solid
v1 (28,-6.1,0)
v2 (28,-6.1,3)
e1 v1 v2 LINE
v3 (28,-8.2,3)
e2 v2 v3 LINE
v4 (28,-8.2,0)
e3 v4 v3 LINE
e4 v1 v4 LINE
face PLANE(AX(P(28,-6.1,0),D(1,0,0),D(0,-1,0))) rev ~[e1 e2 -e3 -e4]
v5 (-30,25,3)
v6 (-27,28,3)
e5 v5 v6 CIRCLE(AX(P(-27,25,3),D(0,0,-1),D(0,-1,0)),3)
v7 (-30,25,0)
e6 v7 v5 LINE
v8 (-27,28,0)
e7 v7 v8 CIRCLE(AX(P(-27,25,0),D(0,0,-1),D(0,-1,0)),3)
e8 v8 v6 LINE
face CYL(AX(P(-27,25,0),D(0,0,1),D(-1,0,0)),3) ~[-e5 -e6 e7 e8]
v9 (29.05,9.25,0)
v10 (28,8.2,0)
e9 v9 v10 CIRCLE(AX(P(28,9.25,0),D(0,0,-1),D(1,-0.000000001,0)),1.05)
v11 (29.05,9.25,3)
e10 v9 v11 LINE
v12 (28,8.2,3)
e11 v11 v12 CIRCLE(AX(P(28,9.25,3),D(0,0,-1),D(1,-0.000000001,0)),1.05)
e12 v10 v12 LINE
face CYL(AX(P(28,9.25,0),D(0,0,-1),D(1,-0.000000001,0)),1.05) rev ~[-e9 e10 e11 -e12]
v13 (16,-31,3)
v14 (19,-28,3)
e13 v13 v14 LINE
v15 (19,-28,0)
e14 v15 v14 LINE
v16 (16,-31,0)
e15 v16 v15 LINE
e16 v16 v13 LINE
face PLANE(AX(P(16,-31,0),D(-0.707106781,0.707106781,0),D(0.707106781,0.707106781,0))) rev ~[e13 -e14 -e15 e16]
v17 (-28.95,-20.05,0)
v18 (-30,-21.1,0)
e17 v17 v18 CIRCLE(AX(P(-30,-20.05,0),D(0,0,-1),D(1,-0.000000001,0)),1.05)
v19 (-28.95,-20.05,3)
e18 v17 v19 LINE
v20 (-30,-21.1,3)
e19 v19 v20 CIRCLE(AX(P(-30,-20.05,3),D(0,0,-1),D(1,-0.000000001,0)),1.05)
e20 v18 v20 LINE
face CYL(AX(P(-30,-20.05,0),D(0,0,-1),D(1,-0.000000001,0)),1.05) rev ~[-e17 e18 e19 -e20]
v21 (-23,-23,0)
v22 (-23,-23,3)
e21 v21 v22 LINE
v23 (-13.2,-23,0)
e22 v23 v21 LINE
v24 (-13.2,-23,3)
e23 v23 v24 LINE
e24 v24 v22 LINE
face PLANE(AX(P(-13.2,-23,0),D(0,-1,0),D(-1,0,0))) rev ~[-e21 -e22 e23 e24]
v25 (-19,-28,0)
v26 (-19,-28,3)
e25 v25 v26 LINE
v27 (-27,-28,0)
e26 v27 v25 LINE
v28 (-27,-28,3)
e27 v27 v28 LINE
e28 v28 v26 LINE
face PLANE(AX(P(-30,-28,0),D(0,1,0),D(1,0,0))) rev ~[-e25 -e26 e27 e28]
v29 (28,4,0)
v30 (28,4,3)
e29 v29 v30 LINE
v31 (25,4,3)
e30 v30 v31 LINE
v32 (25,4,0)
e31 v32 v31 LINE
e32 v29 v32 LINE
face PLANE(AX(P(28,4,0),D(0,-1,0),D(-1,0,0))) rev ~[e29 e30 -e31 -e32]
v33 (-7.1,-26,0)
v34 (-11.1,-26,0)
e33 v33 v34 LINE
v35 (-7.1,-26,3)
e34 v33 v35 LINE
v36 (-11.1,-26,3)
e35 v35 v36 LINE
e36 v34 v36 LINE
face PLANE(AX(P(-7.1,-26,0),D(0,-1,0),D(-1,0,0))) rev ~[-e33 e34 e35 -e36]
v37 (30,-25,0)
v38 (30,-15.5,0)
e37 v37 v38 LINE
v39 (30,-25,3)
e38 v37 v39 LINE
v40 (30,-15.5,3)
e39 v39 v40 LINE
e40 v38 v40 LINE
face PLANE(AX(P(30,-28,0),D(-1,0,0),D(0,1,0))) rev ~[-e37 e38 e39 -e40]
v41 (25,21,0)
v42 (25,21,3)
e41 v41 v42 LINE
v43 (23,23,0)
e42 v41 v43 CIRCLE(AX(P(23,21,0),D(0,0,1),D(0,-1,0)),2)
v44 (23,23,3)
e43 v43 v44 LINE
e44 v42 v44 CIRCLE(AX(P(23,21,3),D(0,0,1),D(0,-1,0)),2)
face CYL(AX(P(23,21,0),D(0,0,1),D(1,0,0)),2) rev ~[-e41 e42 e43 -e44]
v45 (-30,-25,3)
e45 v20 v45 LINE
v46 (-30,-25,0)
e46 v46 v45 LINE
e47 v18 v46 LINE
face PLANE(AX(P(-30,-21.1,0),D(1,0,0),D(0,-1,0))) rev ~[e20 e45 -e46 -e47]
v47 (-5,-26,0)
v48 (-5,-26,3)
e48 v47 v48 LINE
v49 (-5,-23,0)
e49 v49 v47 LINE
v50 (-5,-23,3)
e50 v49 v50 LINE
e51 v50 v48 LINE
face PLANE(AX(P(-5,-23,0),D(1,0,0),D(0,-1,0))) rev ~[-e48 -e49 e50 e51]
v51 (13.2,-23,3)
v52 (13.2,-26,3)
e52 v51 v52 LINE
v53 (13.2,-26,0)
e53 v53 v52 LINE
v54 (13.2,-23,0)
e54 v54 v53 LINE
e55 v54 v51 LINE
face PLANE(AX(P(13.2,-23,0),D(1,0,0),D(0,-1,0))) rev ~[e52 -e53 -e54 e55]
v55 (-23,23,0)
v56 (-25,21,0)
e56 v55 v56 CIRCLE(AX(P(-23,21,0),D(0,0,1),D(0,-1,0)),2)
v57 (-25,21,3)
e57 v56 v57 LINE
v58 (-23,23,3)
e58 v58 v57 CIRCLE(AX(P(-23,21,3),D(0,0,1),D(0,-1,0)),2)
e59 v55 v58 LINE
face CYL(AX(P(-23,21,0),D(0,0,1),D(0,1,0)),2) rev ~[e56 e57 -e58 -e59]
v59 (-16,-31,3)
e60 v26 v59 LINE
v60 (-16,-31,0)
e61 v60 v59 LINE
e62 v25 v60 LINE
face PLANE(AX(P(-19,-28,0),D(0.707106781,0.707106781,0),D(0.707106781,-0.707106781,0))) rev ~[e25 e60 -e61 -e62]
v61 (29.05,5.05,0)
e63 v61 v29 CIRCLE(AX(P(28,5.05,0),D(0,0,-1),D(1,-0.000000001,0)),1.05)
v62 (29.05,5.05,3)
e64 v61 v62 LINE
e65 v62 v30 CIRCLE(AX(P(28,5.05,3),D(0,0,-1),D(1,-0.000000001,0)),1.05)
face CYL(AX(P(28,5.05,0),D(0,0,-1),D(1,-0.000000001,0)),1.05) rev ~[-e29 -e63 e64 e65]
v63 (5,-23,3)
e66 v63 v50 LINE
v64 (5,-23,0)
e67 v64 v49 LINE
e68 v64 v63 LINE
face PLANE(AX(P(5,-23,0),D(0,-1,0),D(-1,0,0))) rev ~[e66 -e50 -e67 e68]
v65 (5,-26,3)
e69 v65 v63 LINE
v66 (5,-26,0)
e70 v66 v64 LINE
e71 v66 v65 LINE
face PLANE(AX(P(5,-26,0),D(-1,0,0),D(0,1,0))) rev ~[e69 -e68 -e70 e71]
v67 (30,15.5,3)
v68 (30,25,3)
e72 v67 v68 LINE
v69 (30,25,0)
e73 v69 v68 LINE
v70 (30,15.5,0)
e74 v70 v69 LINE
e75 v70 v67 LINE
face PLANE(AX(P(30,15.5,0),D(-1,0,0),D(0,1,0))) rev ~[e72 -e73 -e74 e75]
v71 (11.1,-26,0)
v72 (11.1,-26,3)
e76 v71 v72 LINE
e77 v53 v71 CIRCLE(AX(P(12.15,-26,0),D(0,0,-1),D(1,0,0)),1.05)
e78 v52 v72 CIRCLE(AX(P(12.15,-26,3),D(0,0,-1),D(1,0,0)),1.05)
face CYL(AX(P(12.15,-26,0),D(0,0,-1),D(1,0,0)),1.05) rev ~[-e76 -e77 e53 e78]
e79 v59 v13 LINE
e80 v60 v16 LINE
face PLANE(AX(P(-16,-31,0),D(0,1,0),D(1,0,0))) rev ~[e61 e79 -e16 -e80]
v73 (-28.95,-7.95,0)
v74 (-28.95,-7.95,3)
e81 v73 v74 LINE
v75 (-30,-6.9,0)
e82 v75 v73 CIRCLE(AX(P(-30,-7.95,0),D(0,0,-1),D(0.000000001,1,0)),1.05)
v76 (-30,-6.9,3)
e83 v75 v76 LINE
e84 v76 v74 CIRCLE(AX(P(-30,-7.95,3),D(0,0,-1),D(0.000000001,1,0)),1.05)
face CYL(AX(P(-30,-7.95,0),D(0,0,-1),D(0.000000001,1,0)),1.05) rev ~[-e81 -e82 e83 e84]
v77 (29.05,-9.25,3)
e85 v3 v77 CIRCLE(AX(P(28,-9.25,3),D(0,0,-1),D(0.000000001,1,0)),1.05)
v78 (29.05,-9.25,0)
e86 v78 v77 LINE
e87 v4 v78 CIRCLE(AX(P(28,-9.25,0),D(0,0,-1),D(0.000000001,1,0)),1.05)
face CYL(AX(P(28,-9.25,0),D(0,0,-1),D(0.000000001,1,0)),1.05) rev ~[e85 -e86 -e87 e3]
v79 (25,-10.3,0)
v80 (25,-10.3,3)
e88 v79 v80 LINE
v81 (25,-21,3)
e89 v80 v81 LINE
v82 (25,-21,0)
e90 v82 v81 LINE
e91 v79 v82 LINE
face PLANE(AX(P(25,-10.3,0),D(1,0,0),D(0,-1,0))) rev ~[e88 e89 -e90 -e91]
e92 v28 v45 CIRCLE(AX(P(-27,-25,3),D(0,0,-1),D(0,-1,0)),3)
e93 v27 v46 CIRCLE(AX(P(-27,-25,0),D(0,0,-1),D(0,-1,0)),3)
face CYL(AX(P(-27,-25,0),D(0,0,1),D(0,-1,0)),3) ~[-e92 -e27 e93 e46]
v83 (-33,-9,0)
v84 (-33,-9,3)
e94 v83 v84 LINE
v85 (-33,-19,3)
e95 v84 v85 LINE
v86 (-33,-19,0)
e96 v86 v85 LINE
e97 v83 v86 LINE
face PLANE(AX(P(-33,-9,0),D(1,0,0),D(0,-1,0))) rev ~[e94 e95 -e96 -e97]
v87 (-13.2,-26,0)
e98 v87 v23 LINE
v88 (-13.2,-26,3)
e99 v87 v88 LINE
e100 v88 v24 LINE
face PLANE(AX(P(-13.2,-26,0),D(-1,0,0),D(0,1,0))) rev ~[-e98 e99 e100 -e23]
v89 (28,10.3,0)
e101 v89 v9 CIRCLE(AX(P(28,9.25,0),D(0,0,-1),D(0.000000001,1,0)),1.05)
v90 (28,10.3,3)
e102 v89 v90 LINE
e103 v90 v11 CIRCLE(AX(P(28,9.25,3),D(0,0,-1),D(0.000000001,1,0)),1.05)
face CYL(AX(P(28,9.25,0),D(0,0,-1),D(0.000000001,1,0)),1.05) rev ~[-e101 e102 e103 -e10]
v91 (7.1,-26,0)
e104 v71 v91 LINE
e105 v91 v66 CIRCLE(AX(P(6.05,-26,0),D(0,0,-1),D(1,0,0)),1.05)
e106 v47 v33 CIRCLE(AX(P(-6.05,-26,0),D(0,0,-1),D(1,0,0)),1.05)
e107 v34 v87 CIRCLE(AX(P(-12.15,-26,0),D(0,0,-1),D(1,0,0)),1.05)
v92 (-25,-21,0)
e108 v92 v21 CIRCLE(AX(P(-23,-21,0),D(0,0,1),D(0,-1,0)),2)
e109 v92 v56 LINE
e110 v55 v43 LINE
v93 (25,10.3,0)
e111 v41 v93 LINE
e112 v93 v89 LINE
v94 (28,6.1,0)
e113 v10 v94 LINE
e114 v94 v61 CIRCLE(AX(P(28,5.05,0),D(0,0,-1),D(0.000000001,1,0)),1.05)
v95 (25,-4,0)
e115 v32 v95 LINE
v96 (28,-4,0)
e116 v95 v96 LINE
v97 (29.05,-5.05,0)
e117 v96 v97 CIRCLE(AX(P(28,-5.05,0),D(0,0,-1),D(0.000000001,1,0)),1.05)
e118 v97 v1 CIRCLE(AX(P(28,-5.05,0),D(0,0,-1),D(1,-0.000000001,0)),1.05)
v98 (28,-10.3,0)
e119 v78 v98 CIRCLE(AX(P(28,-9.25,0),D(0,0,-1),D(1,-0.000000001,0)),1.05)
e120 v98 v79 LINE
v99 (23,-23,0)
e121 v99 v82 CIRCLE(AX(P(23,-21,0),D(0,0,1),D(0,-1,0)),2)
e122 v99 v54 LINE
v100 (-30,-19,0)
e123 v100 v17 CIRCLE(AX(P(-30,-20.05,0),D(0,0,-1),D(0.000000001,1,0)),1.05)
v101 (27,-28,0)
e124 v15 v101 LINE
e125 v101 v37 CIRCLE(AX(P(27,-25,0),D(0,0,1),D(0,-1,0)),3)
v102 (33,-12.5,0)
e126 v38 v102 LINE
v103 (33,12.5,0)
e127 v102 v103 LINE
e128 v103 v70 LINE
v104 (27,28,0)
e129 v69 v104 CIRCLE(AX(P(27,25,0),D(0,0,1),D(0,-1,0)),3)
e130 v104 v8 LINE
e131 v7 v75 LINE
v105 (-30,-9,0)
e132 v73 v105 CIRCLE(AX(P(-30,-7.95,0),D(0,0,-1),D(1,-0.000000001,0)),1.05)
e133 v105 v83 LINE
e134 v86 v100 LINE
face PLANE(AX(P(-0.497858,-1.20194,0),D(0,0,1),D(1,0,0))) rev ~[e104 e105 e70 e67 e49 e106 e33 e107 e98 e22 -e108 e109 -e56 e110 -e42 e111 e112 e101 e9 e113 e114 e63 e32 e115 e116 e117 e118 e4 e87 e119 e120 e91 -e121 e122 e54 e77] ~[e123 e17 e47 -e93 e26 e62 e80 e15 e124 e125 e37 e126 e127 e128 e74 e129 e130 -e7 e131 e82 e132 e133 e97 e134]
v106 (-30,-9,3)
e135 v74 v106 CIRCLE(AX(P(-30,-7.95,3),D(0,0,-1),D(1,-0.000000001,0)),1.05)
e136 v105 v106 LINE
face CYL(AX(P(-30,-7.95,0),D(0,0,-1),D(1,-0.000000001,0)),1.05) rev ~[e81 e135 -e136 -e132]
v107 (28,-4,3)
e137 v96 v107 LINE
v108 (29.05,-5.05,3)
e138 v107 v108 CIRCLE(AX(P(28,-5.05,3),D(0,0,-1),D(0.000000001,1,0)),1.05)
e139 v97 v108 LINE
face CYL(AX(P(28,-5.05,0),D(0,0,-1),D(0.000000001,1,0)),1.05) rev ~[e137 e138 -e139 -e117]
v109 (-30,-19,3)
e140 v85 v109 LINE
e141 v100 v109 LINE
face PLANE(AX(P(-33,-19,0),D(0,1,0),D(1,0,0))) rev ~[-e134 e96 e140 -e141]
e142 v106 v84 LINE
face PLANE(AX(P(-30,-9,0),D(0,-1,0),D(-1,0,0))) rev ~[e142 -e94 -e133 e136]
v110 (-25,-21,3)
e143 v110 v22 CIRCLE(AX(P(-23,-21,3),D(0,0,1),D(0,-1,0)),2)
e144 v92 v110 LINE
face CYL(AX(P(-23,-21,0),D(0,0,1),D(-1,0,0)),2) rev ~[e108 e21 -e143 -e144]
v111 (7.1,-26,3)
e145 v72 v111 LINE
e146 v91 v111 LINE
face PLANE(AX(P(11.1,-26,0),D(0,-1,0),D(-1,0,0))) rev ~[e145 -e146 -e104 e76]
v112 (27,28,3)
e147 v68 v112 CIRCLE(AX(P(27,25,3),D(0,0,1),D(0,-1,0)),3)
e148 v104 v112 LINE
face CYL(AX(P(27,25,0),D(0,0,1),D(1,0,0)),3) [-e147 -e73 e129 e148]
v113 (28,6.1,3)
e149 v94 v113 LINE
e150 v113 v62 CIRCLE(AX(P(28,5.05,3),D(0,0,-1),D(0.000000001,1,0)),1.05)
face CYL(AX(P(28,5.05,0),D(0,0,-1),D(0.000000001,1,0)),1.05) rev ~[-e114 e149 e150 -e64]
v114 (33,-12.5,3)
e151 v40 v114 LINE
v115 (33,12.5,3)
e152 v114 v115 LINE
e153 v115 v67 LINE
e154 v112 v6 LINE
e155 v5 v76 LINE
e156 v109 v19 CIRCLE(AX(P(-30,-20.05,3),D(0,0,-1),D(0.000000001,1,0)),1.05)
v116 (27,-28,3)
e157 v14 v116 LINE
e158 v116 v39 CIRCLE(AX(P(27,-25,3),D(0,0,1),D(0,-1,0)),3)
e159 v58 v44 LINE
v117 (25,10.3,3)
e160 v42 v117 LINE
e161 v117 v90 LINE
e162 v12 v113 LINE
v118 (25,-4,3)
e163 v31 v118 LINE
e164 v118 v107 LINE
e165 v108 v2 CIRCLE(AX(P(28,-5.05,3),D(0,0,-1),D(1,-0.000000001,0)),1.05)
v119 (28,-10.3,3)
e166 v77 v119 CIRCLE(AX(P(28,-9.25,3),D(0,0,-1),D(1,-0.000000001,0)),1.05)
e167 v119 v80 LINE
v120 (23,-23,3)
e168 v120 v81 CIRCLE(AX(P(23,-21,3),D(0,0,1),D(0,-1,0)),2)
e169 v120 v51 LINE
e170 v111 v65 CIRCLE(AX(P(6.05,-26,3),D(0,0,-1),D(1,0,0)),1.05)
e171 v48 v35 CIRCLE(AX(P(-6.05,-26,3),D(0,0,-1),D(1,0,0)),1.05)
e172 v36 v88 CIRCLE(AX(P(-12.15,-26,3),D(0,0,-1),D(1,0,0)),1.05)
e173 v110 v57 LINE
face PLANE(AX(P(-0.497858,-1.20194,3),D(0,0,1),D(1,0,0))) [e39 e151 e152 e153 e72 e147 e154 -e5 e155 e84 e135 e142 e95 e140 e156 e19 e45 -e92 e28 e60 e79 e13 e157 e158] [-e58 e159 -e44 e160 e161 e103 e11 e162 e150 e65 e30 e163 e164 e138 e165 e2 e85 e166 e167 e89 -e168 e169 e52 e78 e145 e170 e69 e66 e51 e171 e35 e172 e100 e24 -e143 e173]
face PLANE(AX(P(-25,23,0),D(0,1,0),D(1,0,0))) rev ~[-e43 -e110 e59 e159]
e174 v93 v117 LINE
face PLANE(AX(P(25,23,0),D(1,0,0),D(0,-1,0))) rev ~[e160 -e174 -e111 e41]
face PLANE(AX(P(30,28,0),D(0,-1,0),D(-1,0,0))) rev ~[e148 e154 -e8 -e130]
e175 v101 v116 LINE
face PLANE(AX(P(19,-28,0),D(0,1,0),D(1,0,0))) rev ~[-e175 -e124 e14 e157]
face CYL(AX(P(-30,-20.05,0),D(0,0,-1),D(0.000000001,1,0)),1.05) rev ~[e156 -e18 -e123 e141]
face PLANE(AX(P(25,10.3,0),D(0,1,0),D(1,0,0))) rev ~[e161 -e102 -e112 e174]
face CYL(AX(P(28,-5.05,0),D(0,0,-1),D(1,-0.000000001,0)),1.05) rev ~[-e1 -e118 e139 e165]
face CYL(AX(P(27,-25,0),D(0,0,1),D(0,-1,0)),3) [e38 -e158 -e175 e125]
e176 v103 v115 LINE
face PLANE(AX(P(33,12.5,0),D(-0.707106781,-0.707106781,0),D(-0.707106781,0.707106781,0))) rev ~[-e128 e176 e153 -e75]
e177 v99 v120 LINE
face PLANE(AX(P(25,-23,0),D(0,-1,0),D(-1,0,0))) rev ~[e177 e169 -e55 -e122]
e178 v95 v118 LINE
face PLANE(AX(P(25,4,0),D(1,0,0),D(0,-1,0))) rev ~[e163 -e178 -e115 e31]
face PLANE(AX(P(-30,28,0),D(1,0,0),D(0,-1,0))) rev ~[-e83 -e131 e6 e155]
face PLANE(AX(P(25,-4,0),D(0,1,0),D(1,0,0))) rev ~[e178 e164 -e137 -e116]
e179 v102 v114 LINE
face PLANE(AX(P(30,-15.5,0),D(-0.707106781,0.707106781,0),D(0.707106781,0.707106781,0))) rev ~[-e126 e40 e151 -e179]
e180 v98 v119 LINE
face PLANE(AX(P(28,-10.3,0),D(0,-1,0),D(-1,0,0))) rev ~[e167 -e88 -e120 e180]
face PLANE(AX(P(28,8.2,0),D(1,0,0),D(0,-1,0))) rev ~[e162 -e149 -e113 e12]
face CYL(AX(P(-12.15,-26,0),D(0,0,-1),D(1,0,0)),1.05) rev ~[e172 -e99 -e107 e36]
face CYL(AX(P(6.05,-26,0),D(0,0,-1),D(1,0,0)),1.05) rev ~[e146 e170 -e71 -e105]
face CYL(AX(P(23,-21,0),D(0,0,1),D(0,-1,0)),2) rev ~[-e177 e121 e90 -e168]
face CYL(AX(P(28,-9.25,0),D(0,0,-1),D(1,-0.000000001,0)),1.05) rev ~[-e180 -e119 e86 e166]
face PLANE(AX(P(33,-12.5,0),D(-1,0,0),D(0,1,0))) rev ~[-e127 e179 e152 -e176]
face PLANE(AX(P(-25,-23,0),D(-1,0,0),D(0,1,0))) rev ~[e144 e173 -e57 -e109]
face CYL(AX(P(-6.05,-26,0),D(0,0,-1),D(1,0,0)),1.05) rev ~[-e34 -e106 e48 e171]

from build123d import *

# Parameters (mm, degrees)
EXTRUDE_1_DEPTH = 3
FILLET_1_R      = 3
FILLET_2_R      = 2


with BuildPart() as part:
    # 草图1 → 凸台-拉伸1 (new body)
    with BuildSketch(Plane.XY):
        with BuildLine():
            Line((-30, -23), (-30, -28))
            Line((-30, -28), (-19, -28))
            Line((-19, -28), (-16, -31))
            Line((-16, -31), (16, -31))
            Line((16, -31), (19, -28))
            Line((19, -28), (30, -28))
            Line((30, -28), (30, -23))
            Line((30, -23), (30, -18))
            Line((30, -18), (30, -15.5))
            Line((30, -15.5), (33, -12.5))
            Line((33, -12.5), (33, 12.5))
            Line((33, 12.5), (30, 15.5))
            Line((30, 15.5), (30, 28))
            Line((30, 28), (-30, 28))
            Line((-30, 28), (-30, -6.9))
            ThreePointArc((-30, -6.9), (-29.25753788, -7.20753788), (-28.95, -7.95))
            ThreePointArc((-28.95, -7.95), (-29.25753788, -8.69246212), (-30, -9))
            Line((-30, -9), (-33, -9))
            Line((-33, -9), (-33, -19))
            Line((-33, -19), (-30, -19))
            ThreePointArc((-30, -19), (-29.25753788, -19.30753788), (-28.95, -20.05))
            ThreePointArc((-28.95, -20.05), (-29.25753788, -20.79246212), (-30, -21.1))
            Line((-30, -21.1), (-30, -23))
        make_face()
        with BuildLine():
            Line((25, -10.3), (25, -23))
            Line((25, -23), (13.2, -23))
            Line((13.2, -23), (13.2, -26))
            ThreePointArc((13.2, -26), (12.15, -27.05), (11.1, -26))
            Line((11.1, -26), (7.1, -26))
            ThreePointArc((7.1, -26), (6.05, -27.05), (5, -26))
            Line((5, -26), (5, -23))
            Line((5, -23), (-5, -23))
            Line((-5, -23), (-5, -26))
            ThreePointArc((-5, -26), (-6.05, -27.05), (-7.1, -26))
            Line((-7.1, -26), (-11.1, -26))
            ThreePointArc((-11.1, -26), (-12.15, -27.05), (-13.2, -26))
            Line((-13.2, -26), (-13.2, -23))
            Line((-13.2, -23), (-25, -23))
            Line((-25, -23), (-25, 23))
            Line((-25, 23), (25, 23))
            Line((25, 23), (25, 10.3))
            Line((25, 10.3), (28, 10.3))
            ThreePointArc((28, 10.3), (28.74246212, 9.99246212), (29.05, 9.25))
            ThreePointArc((29.05, 9.25), (28.74246212, 8.50753788), (28, 8.2))
            Line((28, 8.2), (28, 6.1))
            ThreePointArc((28, 6.1), (28.74246212, 5.79246212), (29.05, 5.05))
            ThreePointArc((29.05, 5.05), (28.74246212, 4.30753788), (28, 4))
            Line((28, 4), (25, 4))
            Line((25, 4), (25, -4))
            Line((25, -4), (28, -4))
            ThreePointArc((28, -4), (28.74246212, -4.30753788), (29.05, -5.05))
            ThreePointArc((29.05, -5.05), (28.74246212, -5.79246212), (28, -6.1))
            Line((28, -6.1), (28, -8.2))
            ThreePointArc((28, -8.2), (28.74246212, -8.50753788), (29.05, -9.25))
            ThreePointArc((29.05, -9.25), (28.74246212, -9.99246212), (28, -10.3))
            Line((28, -10.3), (25, -10.3))
        make_face(mode=Mode.SUBTRACT)
    extrude(amount=EXTRUDE_1_DEPTH)

    # 圆角1
    fillet_1_edges = [part.edges().sort_by_distance(p)[0] for p in [
        (-30, 28, 1.5),
        (30, 28, 1.5),
        (30, -28, 1.5),
        (-30, -28, 1.5),
    ]]
    fillet(fillet_1_edges, radius=FILLET_1_R)

    # 圆角2
    fillet_2_edges = [part.edges().sort_by_distance(p)[0] for p in [
        (25, 23, 1.5),
        (-25, 23, 1.5),
        (-25, -23, 1.5),
        (25, -23, 1.5),
    ]]
    fillet(fillet_2_edges, radius=FILLET_2_R)


solid = part.part
